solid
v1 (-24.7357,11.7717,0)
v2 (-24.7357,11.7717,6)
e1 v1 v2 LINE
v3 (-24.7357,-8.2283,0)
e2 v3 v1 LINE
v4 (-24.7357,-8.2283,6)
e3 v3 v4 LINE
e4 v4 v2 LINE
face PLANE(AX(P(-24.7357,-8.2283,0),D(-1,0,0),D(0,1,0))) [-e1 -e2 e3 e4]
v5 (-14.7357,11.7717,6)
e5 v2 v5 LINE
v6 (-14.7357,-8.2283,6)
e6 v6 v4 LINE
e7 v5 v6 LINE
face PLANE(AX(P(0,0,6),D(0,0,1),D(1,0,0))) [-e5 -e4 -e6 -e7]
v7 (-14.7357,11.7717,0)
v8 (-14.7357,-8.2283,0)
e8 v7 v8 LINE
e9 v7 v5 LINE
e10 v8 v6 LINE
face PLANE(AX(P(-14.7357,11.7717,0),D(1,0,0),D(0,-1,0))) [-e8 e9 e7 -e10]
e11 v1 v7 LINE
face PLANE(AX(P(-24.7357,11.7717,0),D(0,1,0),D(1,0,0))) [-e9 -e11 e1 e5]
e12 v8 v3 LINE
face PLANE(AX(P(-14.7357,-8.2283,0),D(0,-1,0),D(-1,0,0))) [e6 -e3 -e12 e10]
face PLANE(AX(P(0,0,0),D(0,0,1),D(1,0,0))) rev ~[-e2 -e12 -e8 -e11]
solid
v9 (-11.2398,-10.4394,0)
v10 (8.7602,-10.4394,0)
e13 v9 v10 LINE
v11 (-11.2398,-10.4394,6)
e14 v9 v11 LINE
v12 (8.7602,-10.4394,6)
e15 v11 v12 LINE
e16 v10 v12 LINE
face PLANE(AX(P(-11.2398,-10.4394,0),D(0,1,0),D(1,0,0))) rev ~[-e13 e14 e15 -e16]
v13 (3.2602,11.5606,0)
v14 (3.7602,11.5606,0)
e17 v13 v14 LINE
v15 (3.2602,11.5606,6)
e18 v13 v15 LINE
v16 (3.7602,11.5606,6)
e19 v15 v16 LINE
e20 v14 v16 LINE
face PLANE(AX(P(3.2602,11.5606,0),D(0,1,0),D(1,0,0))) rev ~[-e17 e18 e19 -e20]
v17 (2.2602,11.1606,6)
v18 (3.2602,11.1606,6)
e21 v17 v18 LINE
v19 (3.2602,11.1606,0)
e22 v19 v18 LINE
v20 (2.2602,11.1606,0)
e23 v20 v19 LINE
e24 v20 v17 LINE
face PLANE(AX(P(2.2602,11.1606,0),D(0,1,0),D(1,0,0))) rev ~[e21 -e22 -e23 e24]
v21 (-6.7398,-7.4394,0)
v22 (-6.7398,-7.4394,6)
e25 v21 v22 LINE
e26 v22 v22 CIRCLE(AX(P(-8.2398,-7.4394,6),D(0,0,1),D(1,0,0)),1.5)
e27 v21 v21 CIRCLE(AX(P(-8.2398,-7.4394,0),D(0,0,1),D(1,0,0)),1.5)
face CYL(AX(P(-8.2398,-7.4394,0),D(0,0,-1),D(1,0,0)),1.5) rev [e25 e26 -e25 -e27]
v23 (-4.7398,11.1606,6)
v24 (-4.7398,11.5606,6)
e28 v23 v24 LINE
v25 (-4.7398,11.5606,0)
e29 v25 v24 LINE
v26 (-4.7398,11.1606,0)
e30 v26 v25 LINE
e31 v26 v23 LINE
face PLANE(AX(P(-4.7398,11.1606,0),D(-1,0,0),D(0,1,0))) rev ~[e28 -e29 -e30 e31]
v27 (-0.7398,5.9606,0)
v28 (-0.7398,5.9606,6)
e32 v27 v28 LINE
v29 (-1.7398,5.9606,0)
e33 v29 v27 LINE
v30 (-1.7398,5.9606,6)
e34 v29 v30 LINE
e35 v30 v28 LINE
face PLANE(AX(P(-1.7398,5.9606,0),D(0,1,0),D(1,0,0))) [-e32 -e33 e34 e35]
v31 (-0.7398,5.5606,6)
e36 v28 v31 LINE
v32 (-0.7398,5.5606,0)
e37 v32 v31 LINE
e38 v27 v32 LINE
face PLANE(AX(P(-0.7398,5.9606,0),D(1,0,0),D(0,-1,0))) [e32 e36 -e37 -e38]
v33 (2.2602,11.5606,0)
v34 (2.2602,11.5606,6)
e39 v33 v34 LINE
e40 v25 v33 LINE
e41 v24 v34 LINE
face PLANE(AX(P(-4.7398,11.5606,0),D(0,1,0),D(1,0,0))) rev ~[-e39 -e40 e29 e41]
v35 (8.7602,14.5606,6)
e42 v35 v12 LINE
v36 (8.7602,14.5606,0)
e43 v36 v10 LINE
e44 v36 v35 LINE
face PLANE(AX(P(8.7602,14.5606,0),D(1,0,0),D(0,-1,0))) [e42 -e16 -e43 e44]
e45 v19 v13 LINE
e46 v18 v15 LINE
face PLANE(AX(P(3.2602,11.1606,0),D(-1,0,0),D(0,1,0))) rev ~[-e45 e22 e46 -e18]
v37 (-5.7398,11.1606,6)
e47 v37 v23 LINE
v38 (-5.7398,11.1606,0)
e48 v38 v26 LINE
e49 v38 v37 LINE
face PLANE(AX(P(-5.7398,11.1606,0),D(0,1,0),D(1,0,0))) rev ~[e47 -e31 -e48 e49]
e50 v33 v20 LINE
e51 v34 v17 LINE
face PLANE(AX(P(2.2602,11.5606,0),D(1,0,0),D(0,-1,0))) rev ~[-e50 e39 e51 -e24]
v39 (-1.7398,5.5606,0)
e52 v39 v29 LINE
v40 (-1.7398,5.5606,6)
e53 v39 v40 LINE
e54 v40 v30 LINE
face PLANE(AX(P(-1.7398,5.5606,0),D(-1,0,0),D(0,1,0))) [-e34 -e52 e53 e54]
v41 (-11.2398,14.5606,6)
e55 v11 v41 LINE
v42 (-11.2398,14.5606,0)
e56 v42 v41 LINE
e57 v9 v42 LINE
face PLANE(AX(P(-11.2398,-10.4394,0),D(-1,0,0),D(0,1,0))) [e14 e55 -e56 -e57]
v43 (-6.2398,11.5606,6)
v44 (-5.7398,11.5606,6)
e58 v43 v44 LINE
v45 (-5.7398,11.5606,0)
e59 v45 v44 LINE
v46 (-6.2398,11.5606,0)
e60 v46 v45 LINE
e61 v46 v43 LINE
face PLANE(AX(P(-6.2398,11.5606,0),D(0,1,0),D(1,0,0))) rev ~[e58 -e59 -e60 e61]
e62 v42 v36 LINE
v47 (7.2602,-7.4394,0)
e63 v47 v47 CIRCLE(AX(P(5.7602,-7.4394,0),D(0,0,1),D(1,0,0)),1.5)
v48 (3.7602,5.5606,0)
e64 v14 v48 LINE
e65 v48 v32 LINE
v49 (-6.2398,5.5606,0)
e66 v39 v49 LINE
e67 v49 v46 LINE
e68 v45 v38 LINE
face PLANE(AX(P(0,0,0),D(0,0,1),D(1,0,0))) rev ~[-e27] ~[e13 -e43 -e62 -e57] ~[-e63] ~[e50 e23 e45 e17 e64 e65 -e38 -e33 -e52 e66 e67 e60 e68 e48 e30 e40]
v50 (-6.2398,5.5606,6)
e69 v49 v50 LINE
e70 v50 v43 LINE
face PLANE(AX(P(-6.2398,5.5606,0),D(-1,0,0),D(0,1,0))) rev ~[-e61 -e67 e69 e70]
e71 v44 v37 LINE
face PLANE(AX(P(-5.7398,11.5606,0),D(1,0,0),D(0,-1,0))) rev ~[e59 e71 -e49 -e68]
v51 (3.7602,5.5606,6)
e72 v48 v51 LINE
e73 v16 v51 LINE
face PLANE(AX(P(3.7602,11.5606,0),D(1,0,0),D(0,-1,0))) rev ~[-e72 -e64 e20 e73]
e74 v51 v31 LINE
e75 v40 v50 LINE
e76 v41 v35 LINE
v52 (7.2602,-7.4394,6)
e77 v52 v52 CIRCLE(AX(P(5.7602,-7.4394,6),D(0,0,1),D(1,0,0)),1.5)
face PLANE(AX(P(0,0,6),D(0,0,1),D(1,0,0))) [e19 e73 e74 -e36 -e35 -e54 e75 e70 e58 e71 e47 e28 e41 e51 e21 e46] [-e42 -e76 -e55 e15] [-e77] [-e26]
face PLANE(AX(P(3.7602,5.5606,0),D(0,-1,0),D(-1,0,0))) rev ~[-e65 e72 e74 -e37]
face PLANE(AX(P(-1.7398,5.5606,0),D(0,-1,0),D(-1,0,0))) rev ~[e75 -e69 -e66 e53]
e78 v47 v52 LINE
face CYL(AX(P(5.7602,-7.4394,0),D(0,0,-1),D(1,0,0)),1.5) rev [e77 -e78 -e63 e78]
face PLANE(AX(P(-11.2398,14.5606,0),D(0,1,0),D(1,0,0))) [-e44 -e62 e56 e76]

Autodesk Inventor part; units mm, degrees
ref_plane "YZ Plane" through (0, 0, 0) normal (1, 0, 0) x (0, 1, 0)
ref_plane "XZ Plane" through (0, 0, 0) normal (0, 1, 0) x (-1, 0, 0)
ref_plane "XY Plane" through (0, 0, 0) normal (0, 0, 1) x (1, 0, 0)
sketch "Esquisse1" plane through (0, 0, 0) normal (0, 0, 1) x (1, 0, 0)
  line L0 (-11.2398, 14.5606) -> (8.7602, 14.5606)
  line L1 (8.7602, 14.5606) -> (8.7602, -10.4394)
  line L2 (-11.2398, -10.4394) -> (-11.2398, 14.5606)
  line L3 (-11.2398, 14.5606) -> (-1.2398, 14.5606) construction
  line L4 (-1.2398, 14.5606) -> (8.7602, 14.5606) construction
  line L5 (-1.2398, 5.1758) -> (-1.2398, -12.1236) construction
  line L6 (-6.2398, 11.5606) -> (3.7602, 11.5606)
  line L7 (3.7602, 11.5606) -> (3.7602, 5.5606)
  line L8 (3.7602, 5.5606) -> (-6.2398, 5.5606)
  line L9 (-6.2398, 5.5606) -> (-6.2398, 11.5606)
  line L10 (-24.7357, 11.7717) -> (-14.7357, 11.7717)
  line L11 (-14.7357, 11.7717) -> (-14.7357, -8.2283)
  line L12 (-14.7357, -8.2283) -> (-24.7357, -8.2283)
  line L13 (-24.7357, -8.2283) -> (-24.7357, 11.7717)
  line L14 (-5.7398, 11.5606) -> (-5.7398, 11.1606)
  line L15 (-5.7398, 11.1606) -> (-4.7398, 11.1606)
  line L16 (-4.7398, 11.1606) -> (-4.7398, 11.5606)
  line L17 (2.2602, 11.5606) -> (2.2602, 11.1606)
  line L18 (2.2602, 11.1606) -> (3.2602, 11.1606)
  line L19 (3.2602, 11.1606) -> (3.2602, 11.5606)
  line L20 (-1.7398, 5.5606) -> (-1.7398, 5.9606)
  line L21 (-1.7398, 5.9606) -> (-0.7398, 5.9606)
  line L22 (-0.7398, 5.9606) -> (-0.7398, 5.5606)
  line L23 (-6.2398, 11.5606) -> (-1.2398, 11.5606) construction
  line L24 (-1.2398, 11.5606) -> (3.7602, 11.5606) construction
  line L25 (-11.2398, -10.4394) -> (8.7602, -10.4394)
  circle A0 centre (-8.2398, -7.4394) radius 1.5
  circle A1 centre (5.7602, -7.4394) radius 1.5
  dimension "d0" = 20
  dimension "d2" = 25
  dimension "d3" = 6
  dimension "d4" = 3
  dimension "d5" = 10
  dimension "d6" = 10
  dimension "d7" = 20
  dimension "d8" = 1
  dimension "d9" = 0.4
  dimension "d10" = 0.4
  dimension "d11" = 0.5
  dimension "d12" = 0.5
  dimension "d13" = 4.5
  dimension "d18" = 3
  dimension "d19" = 3
  dimension "d20" = 3
extrude "Extrusion1" add sketch "Esquisse1" along normal blind 6 contours L0 L1 L25 L2 | L6 L16 L15 L14 | L20 L21 L22 L8 | L6 L19 L18 L17 | L10 L11 L12 L13
equation "\"d0\" = L_modules"
equation "\"d3\" = epaisseur_modules"
equation "\"d5\" = 0.5 * d0"
equation "\"d6\" = d5"
equation "\"d8\" = d15"
equation "\"d9\" = d16"
equation "\"d10\" = d16"
equation "\"d11\" = d17"
equation "\"d12\" = d17"
equation "\"d13\" = 0.5 * d5 - 0.5 * d8"
equation "\"d19\" = d20"
equation "\"d21\" = epaisseur_modules"
equation "\"d14\" = 8.2"
equation "\"d15\" = 1"
equation "\"d16\" = 0.4"
equation "\"d17\" = 0.5"
equation "\"epaisseur\" = 6"
equation "\"ecartement\" = 25"
equation "\"dvis\" = 3"
equation "\"largeur\" = 32"
equation "\"L_attache_carte\" = 15"
equation "\"marge_attache_carte\" = 5"
equation "\"L_cubi\" = 81.6"
equation "\"largeur_cubi\" = 81.6"
equation "\"L_moteur\" = 28.3"
equation "\"marge_trou\" = 2"
equation "\"taille_trou\" = 7"
equation "\"H_cubi\" = 81.6"
equation "\"epaisseur_wheel\" = 9"
equation "\"H_nez\" = 25"
equation "\"chanfrein\" = 0.5"
equation "\"H_trou_int\" = 0.5"
equation "\"L_trou_int\" = 1.2"
equation "\"pos_trou_int_1\" = 0.6"
equation "\"pos_trou_int_2\" = 2.9"
equation "\"epaisseur_modules\" = 6"
equation "\"L_modules\" = 20"
equation "\"L_metabois\" = 8.2"
equation "\"epaisseur_metabois\" = 3"
properties part number "attrape_ball"
